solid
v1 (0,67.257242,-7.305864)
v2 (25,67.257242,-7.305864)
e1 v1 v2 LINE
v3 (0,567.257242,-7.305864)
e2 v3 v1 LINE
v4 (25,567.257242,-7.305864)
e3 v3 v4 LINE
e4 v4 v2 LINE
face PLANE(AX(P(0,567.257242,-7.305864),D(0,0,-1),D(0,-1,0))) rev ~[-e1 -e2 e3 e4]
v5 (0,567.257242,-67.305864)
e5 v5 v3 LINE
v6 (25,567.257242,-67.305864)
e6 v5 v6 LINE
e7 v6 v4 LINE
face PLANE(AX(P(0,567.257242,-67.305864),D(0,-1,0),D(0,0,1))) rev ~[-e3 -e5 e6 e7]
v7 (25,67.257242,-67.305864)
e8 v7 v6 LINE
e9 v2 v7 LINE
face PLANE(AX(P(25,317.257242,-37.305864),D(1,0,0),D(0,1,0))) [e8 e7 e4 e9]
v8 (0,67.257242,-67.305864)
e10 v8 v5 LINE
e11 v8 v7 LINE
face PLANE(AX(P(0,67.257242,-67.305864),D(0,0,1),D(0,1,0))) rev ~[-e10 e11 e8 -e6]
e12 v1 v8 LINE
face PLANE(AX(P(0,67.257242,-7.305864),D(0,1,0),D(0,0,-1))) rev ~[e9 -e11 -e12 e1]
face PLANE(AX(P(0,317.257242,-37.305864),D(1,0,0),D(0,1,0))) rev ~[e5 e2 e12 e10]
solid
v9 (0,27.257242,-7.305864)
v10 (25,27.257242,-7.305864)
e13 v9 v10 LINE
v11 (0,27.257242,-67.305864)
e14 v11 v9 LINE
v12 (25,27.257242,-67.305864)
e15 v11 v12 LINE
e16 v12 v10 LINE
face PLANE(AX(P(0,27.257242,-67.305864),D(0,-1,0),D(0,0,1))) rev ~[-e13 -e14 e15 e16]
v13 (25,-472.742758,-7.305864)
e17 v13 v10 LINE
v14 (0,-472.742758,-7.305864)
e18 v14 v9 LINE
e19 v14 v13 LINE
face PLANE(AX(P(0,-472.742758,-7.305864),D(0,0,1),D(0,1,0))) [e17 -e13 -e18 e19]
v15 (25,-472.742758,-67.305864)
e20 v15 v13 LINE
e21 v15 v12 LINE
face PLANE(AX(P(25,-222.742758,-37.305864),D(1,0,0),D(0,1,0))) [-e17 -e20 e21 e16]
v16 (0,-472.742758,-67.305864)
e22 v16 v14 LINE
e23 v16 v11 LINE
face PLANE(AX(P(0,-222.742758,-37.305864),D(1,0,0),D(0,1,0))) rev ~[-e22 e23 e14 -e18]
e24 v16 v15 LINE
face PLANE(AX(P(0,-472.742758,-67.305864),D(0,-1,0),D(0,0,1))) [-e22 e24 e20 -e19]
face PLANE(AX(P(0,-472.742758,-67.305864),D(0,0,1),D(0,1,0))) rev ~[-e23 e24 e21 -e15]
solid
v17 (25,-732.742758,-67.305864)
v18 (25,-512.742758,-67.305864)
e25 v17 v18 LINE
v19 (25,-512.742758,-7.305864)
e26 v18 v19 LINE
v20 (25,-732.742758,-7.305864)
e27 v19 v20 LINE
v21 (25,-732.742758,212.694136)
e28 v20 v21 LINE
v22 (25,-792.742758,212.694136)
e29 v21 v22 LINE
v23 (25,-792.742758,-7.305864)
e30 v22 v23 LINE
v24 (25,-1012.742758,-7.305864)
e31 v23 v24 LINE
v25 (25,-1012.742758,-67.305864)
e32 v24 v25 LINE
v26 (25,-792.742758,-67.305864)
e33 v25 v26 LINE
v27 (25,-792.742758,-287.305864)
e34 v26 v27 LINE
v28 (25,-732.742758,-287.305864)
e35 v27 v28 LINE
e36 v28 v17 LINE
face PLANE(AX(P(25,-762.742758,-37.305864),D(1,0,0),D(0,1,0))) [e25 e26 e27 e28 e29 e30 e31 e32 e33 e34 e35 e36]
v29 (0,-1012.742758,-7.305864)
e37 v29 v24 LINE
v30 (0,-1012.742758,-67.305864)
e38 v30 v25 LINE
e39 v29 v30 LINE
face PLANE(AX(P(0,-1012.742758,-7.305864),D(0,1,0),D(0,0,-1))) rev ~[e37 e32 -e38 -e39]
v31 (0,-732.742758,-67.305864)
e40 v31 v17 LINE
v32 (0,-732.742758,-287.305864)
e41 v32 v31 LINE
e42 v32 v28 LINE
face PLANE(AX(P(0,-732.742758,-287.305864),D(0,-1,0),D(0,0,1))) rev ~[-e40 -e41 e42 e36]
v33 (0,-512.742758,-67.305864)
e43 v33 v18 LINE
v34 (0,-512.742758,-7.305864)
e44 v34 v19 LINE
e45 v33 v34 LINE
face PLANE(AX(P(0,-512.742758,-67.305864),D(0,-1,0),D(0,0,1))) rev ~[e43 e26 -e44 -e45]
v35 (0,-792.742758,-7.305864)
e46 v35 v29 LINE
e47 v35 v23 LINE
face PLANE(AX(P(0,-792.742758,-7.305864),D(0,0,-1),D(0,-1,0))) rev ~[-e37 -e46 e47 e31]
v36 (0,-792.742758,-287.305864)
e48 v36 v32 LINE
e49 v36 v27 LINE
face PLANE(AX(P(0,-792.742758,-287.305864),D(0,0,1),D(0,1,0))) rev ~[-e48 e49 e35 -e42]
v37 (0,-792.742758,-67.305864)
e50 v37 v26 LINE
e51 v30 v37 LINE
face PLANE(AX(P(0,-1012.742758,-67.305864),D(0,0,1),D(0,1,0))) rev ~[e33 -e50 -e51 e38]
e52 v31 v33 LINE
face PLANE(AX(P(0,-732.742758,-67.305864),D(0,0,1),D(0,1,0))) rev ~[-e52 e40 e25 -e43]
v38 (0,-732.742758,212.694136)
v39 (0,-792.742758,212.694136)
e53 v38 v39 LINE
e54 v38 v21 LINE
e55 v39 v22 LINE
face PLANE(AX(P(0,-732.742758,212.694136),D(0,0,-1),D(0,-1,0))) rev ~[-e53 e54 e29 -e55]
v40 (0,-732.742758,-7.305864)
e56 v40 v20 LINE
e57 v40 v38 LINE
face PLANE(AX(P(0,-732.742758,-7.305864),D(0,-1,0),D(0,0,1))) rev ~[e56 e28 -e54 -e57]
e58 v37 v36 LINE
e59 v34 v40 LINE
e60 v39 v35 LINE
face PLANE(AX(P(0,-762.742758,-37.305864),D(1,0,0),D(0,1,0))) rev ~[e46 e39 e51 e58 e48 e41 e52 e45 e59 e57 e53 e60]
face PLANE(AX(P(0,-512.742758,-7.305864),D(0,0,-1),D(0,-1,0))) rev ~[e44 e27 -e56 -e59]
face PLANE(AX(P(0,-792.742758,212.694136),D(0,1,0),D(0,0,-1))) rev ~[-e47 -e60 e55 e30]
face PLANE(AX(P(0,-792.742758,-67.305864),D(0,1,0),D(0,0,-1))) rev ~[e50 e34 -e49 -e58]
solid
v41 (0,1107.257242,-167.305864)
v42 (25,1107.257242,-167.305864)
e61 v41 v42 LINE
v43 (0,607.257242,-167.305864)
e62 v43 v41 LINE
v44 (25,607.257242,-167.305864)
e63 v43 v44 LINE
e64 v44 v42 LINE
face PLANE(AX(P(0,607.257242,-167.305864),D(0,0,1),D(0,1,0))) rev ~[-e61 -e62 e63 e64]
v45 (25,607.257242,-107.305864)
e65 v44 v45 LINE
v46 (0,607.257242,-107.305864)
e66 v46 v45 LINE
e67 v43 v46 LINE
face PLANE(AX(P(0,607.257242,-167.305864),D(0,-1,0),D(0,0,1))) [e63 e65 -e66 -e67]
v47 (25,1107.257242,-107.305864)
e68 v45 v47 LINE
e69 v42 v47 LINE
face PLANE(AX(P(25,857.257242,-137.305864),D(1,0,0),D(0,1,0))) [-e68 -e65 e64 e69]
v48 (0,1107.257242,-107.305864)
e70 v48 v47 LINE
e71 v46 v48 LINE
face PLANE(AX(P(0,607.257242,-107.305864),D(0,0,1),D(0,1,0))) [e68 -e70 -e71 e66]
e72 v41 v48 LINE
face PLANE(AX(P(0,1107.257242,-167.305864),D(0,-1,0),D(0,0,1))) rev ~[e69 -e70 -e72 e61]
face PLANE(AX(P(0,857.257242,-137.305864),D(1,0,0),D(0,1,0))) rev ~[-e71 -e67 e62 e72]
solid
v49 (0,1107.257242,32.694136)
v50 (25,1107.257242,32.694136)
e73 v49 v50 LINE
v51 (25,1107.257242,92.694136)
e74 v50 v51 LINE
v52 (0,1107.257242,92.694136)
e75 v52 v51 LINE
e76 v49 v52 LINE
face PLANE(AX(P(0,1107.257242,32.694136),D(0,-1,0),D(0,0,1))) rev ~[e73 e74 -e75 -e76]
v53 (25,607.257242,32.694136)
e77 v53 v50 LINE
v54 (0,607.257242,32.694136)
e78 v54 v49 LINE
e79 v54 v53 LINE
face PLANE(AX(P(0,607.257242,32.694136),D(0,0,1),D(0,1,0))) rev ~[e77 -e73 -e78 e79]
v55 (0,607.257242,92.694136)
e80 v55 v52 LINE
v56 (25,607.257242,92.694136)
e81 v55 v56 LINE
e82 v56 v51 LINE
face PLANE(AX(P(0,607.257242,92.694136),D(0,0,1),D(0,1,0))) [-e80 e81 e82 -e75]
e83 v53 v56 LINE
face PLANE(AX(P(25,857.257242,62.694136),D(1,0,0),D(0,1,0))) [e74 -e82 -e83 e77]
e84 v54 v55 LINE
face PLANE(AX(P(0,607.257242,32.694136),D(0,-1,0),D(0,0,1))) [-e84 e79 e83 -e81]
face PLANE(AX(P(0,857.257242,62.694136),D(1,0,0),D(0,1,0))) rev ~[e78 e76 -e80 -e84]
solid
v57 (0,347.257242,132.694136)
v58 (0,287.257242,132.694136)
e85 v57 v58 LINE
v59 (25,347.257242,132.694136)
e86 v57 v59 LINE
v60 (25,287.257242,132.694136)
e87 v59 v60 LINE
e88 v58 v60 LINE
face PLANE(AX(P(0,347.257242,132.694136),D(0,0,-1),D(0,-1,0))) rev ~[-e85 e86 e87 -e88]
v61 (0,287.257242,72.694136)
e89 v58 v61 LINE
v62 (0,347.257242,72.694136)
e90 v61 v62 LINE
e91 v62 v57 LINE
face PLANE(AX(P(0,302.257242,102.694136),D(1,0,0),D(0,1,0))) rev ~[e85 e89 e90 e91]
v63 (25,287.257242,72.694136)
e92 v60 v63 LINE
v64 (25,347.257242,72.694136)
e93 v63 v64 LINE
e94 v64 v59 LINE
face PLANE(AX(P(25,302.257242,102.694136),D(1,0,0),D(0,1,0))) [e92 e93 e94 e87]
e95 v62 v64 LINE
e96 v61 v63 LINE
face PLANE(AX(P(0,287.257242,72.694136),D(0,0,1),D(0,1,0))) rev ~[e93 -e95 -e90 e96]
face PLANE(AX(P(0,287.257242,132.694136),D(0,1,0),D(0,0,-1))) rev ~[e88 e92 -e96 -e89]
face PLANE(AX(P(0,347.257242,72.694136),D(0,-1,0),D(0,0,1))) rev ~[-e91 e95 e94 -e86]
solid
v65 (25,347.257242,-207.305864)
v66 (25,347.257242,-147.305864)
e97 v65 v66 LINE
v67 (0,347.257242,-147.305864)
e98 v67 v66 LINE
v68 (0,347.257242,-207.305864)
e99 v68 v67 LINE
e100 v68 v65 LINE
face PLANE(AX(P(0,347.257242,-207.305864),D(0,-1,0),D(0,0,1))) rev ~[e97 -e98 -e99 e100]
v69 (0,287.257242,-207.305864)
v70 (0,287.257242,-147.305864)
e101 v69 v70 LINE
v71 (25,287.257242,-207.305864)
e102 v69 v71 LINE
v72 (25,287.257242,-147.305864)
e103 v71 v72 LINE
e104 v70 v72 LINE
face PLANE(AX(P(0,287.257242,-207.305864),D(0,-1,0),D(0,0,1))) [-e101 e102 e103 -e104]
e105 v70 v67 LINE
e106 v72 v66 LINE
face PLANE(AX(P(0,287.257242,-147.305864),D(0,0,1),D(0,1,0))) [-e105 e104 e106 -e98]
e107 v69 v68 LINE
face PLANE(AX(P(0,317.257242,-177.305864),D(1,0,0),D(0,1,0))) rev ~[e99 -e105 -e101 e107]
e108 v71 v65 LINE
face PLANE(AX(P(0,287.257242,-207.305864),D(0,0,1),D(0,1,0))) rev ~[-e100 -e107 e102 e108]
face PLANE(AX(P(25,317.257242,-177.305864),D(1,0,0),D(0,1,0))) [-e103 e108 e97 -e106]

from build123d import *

# Parameters (mm, degrees)
F0_W     = 500
F0_H     = 60
F0_W_2   = 60
F1_DEPTH = 25


with BuildPart() as f1:
    # F0 (on Right) → F1 (new body)
    with BuildSketch(Plane.YZ):
        Polygon((-762.742758, 212.694136), (-792.742758, 212.694136), (-792.742758, -7.305864), (-1012.742758, -7.305864), (-1012.742758, -37.305864), (-1012.742758, -67.305864), (-792.742758, -67.305864), (-792.742758, -287.305864), (-762.742758, -287.305864), (-732.742758, -287.305864), (-732.742758, -67.305864), (-512.742758, -67.305864), (-512.742758, -37.305864), (-512.742758, -7.305864), (-732.742758, -7.305864), (-732.742758, 212.694136), align=None)
        Polygon((317.257242, -7.305864), (67.257242, -7.305864), (67.257242, -67.305864), (317.257242, -67.305864), (567.257242, -67.305864), (567.257242, -7.305864), align=None)
        with Locations((-222.742758, -37.305864)):
            Rectangle(F0_W, F0_H)
        Polygon((287.257242, 72.694136), (317.257242, 72.694136), (317.257242, 102.694136), (317.257242, 132.694136), (287.257242, 132.694136), align=None)
        Polygon((317.257242, 102.694136), (317.257242, 72.694136), (347.257242, 72.694136), (347.257242, 132.694136), (317.257242, 132.694136), align=None)
        with Locations((317.257242, -177.305864)):
            Rectangle(F0_W_2, F0_H)
        with Locations((857.257242, 62.694136)):
            Rectangle(F0_W, F0_H)
        with Locations((857.257242, -137.305864)):
            Rectangle(F0_W, F0_H)
    extrude(amount=F1_DEPTH)


solid = f1.part
